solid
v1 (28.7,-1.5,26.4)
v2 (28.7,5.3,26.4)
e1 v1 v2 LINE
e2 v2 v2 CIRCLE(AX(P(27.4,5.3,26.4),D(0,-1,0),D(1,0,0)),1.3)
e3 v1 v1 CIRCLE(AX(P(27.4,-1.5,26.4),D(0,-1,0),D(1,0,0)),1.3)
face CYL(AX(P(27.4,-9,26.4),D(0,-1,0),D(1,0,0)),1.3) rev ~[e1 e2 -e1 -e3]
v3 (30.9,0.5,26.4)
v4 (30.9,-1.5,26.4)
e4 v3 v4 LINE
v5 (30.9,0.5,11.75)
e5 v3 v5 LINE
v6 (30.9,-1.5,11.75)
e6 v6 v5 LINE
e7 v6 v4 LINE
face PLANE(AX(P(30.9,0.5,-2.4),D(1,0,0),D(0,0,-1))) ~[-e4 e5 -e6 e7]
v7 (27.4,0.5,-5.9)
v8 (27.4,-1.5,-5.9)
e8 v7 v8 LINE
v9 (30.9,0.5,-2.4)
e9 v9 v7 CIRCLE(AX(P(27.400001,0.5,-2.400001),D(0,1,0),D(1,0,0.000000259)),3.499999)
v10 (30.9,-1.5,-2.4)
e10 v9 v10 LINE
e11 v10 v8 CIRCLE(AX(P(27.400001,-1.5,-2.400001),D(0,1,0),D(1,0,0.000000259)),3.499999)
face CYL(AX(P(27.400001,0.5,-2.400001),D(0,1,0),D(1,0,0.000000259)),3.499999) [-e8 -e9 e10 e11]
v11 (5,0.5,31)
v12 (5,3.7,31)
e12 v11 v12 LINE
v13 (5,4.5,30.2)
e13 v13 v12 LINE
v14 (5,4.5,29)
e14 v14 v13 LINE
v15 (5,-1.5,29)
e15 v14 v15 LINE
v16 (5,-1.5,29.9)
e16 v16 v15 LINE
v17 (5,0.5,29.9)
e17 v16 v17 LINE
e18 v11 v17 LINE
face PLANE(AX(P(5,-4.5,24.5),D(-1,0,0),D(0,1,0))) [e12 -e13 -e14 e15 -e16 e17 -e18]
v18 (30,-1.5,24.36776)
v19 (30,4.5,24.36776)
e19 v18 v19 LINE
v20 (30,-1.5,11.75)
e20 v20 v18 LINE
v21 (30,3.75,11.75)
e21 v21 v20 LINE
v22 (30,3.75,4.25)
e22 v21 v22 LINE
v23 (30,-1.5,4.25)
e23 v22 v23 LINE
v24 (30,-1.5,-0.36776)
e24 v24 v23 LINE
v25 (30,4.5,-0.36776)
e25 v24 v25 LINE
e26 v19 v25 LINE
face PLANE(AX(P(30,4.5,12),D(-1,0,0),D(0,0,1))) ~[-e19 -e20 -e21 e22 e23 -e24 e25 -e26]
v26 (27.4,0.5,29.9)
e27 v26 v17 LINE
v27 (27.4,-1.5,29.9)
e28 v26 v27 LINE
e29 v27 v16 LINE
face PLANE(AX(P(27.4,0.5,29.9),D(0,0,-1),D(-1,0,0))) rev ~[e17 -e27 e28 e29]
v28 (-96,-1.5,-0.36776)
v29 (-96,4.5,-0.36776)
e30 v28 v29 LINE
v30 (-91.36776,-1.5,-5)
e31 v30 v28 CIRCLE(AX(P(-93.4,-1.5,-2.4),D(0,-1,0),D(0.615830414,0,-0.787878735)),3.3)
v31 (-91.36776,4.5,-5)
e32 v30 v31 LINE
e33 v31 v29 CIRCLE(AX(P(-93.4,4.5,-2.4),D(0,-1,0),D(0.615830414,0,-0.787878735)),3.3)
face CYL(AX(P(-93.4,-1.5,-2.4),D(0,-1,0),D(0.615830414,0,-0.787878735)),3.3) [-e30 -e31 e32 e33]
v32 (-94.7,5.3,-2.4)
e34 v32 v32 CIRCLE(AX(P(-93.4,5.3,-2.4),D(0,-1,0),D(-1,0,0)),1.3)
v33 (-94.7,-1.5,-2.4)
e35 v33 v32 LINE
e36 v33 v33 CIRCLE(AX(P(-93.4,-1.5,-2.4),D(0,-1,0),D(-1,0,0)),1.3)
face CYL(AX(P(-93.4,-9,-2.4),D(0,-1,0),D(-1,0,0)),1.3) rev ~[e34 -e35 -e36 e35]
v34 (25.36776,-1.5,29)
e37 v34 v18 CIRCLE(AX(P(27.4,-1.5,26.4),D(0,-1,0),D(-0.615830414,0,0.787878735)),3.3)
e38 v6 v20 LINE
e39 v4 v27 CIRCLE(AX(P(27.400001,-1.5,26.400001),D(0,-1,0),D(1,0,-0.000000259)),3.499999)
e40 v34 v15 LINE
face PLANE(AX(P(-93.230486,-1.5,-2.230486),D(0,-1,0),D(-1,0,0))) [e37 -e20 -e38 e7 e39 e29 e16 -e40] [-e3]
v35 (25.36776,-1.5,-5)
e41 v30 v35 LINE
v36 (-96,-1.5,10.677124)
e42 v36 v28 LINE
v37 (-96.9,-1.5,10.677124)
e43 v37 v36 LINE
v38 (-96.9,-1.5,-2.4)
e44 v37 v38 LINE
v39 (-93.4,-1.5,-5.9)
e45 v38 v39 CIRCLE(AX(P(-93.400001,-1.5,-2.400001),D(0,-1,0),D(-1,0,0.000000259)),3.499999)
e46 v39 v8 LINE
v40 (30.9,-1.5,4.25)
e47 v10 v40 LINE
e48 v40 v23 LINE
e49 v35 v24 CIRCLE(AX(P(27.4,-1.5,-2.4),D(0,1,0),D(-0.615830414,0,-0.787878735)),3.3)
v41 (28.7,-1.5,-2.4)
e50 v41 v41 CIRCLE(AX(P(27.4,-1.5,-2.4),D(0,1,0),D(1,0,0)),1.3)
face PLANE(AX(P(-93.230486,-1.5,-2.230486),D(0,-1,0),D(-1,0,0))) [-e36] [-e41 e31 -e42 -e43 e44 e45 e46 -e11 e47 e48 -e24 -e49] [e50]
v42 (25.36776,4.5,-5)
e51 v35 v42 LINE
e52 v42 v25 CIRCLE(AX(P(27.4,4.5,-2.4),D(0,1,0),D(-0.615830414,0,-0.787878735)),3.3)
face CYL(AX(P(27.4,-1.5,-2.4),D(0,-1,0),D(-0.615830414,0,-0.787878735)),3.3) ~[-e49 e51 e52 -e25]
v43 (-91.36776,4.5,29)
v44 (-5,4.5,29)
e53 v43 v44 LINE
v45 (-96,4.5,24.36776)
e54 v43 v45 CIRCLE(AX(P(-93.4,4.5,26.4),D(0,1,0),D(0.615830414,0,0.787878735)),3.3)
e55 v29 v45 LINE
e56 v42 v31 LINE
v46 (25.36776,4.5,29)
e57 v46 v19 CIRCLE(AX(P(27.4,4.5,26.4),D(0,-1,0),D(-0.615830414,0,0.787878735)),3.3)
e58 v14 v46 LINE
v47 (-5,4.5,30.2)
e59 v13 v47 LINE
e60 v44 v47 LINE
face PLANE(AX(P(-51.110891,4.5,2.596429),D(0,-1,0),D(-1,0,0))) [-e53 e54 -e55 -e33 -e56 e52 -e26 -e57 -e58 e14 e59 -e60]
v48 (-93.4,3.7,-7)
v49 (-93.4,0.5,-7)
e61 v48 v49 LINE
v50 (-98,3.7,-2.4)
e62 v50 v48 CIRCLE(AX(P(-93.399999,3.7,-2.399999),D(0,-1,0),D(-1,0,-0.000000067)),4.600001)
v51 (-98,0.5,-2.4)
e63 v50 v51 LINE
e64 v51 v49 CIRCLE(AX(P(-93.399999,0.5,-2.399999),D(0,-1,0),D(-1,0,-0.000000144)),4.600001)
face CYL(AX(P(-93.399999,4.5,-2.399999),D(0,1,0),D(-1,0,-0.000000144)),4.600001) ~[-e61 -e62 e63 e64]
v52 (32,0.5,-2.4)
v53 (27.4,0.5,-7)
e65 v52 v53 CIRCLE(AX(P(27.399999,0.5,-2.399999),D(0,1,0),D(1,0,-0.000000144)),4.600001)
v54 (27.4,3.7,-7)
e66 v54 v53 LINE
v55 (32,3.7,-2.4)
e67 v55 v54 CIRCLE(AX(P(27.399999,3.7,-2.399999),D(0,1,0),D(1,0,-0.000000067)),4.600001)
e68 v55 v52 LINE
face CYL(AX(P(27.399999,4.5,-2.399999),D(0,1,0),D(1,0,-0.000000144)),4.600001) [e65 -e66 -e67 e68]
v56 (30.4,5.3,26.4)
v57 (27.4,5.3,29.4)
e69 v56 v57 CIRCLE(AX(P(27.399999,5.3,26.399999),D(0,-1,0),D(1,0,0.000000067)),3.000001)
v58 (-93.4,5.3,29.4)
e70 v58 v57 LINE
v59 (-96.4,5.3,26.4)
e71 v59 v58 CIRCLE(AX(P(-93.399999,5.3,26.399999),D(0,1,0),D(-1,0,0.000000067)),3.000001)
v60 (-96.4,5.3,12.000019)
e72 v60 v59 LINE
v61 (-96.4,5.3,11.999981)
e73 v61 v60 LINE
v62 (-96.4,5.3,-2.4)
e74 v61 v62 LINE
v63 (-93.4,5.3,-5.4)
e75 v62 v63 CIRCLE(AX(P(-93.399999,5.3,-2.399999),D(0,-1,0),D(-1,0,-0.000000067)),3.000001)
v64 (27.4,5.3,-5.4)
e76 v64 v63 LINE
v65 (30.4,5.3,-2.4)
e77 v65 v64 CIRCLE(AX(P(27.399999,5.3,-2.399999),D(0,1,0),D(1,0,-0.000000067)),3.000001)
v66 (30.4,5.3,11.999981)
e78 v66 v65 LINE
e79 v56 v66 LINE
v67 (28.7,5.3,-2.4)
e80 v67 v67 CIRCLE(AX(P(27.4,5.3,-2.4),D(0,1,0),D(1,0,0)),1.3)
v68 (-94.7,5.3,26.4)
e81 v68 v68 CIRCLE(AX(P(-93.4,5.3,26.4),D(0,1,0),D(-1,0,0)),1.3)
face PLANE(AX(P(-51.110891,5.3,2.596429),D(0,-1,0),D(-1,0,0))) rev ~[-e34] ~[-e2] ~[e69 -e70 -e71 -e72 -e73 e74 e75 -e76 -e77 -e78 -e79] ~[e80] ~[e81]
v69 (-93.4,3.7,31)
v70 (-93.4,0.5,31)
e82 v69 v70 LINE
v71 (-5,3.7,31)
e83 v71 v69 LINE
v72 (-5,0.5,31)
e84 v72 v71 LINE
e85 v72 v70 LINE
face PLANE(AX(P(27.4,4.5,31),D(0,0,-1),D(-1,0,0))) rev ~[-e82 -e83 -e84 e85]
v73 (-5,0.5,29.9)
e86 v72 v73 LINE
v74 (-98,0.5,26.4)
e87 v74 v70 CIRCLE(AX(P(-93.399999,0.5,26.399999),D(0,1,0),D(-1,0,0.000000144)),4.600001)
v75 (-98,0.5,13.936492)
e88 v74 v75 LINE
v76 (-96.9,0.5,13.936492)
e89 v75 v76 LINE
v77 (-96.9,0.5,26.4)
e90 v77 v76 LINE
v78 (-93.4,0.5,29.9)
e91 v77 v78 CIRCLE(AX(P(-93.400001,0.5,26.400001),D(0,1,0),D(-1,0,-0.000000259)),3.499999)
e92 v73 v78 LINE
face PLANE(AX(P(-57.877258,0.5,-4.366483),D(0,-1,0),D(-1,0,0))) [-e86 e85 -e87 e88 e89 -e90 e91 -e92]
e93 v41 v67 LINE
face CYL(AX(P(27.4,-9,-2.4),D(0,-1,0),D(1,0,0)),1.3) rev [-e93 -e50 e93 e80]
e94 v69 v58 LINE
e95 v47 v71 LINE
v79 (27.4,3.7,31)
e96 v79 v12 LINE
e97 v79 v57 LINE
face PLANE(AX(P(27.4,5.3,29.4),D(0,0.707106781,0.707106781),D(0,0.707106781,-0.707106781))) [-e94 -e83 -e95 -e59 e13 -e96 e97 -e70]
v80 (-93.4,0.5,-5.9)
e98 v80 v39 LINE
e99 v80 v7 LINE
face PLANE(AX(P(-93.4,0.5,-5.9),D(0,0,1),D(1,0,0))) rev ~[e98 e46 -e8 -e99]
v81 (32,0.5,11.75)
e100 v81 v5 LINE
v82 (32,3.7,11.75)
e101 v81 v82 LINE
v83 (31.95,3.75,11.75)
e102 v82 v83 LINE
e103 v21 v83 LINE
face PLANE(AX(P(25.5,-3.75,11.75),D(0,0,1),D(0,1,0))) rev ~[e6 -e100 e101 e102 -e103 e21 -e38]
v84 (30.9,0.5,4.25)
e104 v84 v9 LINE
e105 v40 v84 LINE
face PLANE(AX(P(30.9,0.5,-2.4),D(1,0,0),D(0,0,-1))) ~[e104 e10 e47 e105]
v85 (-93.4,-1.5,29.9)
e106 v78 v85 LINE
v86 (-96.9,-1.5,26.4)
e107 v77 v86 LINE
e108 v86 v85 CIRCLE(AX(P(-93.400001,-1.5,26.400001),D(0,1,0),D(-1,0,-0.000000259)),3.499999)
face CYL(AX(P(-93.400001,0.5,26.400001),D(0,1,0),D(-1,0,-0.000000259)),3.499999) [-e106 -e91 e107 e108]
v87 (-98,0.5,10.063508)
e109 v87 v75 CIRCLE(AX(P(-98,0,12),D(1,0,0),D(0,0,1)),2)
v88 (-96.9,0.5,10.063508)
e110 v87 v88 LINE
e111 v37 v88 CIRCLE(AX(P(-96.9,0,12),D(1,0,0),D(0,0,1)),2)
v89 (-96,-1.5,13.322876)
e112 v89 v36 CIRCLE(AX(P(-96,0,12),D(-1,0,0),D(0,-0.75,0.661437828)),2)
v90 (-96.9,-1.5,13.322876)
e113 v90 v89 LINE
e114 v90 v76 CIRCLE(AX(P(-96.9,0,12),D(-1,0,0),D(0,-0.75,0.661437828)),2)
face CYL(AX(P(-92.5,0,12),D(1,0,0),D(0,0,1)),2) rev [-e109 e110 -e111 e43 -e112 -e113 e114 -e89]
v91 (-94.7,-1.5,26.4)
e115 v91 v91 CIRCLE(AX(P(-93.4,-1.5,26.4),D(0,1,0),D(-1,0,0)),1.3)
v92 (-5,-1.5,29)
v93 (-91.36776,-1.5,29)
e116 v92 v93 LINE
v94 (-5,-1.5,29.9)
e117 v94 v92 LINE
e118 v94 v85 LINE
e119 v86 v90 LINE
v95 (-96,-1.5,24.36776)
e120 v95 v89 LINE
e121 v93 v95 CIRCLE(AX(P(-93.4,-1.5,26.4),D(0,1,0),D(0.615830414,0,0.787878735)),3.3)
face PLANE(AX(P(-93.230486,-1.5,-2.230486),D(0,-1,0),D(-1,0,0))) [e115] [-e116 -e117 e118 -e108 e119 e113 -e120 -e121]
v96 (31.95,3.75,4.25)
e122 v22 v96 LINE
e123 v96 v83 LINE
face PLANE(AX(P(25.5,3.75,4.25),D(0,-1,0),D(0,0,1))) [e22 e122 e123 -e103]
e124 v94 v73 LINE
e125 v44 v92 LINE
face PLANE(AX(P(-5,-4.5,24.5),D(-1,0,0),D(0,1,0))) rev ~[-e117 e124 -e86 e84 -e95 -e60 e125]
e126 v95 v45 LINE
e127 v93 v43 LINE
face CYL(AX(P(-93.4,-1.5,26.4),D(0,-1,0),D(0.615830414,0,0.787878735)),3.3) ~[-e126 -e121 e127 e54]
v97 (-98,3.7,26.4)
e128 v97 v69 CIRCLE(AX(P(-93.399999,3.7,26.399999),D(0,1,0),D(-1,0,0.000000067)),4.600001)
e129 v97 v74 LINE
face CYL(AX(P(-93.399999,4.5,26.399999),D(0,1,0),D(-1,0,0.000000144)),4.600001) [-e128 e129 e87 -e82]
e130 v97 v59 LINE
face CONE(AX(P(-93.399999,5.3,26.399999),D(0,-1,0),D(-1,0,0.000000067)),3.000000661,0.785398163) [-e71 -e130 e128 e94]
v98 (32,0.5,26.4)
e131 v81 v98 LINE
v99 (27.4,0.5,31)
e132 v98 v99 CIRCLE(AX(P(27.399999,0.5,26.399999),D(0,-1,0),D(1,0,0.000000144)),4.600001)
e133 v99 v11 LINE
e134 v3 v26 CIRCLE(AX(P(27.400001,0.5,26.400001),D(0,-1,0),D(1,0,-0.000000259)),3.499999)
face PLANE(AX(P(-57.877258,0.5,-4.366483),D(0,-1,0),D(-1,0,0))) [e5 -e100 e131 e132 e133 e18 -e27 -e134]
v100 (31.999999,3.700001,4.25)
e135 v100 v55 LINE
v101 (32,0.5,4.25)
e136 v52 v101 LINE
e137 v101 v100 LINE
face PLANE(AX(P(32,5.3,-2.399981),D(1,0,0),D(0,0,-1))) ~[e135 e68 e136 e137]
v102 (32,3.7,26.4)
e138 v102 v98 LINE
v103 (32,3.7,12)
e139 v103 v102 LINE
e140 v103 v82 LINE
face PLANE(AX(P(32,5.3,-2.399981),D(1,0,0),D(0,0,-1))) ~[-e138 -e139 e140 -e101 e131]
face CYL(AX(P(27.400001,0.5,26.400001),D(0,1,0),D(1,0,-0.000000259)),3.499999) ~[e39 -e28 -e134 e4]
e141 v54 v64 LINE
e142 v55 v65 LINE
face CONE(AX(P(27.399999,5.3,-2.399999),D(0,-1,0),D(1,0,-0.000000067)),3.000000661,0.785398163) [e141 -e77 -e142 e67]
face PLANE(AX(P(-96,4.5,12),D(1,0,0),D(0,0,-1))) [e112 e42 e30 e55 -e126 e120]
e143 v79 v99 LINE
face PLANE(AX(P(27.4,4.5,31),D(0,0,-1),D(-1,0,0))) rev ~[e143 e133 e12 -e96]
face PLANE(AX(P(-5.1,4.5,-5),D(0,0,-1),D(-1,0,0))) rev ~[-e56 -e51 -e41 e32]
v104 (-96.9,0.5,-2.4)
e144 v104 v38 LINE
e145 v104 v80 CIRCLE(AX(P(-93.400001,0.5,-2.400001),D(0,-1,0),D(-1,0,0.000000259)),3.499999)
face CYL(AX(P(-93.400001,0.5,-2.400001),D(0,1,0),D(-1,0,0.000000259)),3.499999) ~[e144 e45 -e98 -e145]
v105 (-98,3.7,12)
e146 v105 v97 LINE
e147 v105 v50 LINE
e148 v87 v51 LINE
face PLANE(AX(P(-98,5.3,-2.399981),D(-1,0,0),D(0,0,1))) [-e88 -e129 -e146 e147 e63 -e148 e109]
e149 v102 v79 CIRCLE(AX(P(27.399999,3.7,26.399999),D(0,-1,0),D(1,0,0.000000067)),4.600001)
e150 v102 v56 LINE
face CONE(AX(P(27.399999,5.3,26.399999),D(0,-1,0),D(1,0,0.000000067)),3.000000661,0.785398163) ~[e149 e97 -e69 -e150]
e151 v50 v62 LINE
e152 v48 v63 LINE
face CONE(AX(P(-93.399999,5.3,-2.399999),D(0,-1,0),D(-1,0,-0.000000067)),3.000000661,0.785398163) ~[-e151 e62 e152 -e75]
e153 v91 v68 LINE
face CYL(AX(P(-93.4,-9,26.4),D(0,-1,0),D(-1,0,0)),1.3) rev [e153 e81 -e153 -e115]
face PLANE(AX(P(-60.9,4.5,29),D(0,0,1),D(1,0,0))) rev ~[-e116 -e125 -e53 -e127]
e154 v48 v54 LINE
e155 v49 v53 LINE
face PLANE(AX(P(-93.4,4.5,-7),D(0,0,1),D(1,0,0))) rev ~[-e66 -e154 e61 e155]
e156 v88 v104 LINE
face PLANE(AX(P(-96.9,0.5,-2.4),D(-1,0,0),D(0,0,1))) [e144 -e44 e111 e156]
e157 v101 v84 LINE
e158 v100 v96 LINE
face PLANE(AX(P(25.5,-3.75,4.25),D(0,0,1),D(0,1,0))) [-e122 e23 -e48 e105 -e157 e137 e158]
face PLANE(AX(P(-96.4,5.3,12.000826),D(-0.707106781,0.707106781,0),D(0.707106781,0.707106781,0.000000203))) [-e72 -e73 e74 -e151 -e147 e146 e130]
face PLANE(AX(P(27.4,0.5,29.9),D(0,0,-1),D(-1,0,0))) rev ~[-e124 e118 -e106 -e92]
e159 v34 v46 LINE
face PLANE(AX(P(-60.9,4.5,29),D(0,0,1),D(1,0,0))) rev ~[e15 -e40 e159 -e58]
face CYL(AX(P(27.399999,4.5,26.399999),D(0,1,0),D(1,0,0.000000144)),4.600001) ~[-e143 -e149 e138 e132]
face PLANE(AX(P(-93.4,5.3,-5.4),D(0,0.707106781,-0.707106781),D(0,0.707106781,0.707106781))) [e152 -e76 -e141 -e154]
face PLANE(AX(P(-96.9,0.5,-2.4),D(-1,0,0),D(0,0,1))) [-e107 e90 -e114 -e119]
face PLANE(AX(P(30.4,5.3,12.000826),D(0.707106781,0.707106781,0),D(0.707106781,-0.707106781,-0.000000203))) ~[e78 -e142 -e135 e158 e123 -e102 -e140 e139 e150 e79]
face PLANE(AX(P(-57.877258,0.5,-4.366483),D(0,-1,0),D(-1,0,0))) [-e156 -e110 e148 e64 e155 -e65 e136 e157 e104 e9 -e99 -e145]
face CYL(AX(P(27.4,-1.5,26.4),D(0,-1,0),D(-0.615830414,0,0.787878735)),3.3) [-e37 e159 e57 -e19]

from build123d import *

# Parameters (mm, degrees)
SKETCH037_W       = 7.5
SKETCH037_H       = 7.5
EXTRUDE045_DEPTH  = 10
SKETCH036_W       = 10
SKETCH036_H       = 9
EXTRUDE044_DEPTH  = 10
CYLINDER001_R     = 2
CYLINDER001_DEPTH = 10
SKETCH005_R       = 1.3
EXTRUDE003_DEPTH  = 20
EXTRUDE039_DEPTH  = 4
EXTRUDE042_DEPTH  = 0.8
EXTRUDE002_DEPTH  = 6
EXTRUDE037_DEPTH  = 2


with BuildPart() as extrude045:
    # Sketch037 → Extrude045 (new body)
    with BuildSketch(Plane.YZ.offset(35)):
        with Locations((0, 8)):
            Rectangle(SKETCH037_W, SKETCH037_H)
    extrude(amount=EXTRUDE045_DEPTH)


with BuildPart() as extrude045_1:
    # Extrude045 placement: moved
    add(extrude045.part.moved(Location((-9.5, 0, 0))))


with BuildPart() as extrude044:
    # Sketch036 → Extrude044 (new body)
    with BuildSketch(Plane.XY.offset(40)):
        Rectangle(SKETCH036_W, SKETCH036_H)
    extrude(amount=EXTRUDE044_DEPTH)


with BuildPart() as extrude044_1:
    # Extrude044 placement: moved
    add(extrude044.part.moved(Location((0, 0, -15.5))))


with BuildPart() as common_sub:
    # Cylinder001 → Cylinder001 (new body)
    with BuildSketch(Plane(origin=(-92.5, 0, 12), x_dir=(0, 0, 1), z_dir=(-1, 0, 0))):
        Circle(CYLINDER001_R)
    extrude(amount=CYLINDER001_DEPTH)

    # Fusion033: union Extrude045, Extrude044
    add(extrude045_1.part)
    add(extrude044_1.part)


with BuildPart() as sweep001:
    # Sweep001: sweep along a path in Sketch034
    with BuildLine(Plane.XZ.offset(10)) as sweep001_path:
        Line((32, 11.999174), (32, 26.4))
        ThreePointArc((32, 26.4), (30.652691, 29.652691), (27.4, 31))
        Line((27.4, 31), (-60.9, 31))
    # Sketch035 → Sweep001 (sweep)
    with BuildSketch(Plane.YZ):
        Polygon((5.3, 29.4), (3.7, 31), (3.7, 32), (6, 32), (6, 29.4), align=None)
    sweep(path=sweep001_path.line)


with BuildPart() as fusion030:
    # Sketch005 → Extrude003 (new body)
    with BuildSketch(Plane.XZ.offset(5)):
        with Locations((27.4, 26.4)):
            Circle(SKETCH005_R)
    extrude(amount=-EXTRUDE003_DEPTH)


with BuildPart() as fusion030_1:
    # Extrude003 placement: moved
    add(fusion030.part.moved(Location((0, -4, 0))))

    # Fusion030: union Sweep001
    add(sweep001.part)


with BuildPart() as top003:
    # Sketch028 → Extrude039 (new body)
    with BuildSketch(Plane.XZ.offset(10)):
        with BuildLine():
            ThreePointArc((32, 26.4), (30.652691, 29.652691), (27.4, 31))
            Line((27.4, 31), (-60.9, 31))
            Line((-60.9, 31), (-60.9, 29))
            Line((-60.9, 29), (27.4, 29))
            ThreePointArc((30, 26.4), (29.238478, 28.238478), (27.4, 29))
            Line((30, 12), (30, 26.4))
            Line((32, 12), (30, 12))
            Line((32, 26.4), (32, 12))
        make_face()
    extrude(amount=EXTRUDE039_DEPTH)


with BuildPart() as top003_1:
    # Extrude039 placement: moved
    add(top003.part.moved(Location((0, 14.5, 0))))


with BuildPart() as top002:
    # Sketch031 → Extrude042 (new body)
    with BuildSketch(Plane.XZ.offset(10)):
        with BuildLine():
            ThreePointArc((32, 26.399981), (30.652691, 29.652672), (27.4, 30.999981))
            Line((27.4, 30.999981), (-60.9, 30.999981))
            Line((-60.9, 30.999981), (-60.9, 11.999981))
            Line((-60.9, 11.999981), (32, 11.999981))
            Line((32, 26.399981), (32, 11.999981))
        make_face()
    extrude(amount=EXTRUDE042_DEPTH)


with BuildPart() as top002_1:
    # Extrude042 placement: moved
    add(top002.part.moved(Location((0, 15.3, 0))))


with BuildPart() as screw_hole_top:
    # Sketch004 → Extrude002 (new body)
    with BuildSketch(Plane.XZ.offset(10)):
        with BuildLine():
            ThreePointArc((25.36776, 29), (25.066548, 24.066548), (30, 24.36776))
            Line((30, 24.36776), (30, 26.4))
            ThreePointArc((30, 26.4), (29.238478, 28.238478), (27.4, 29))
            Line((25.36776, 29), (27.4, 29))
        make_face()
    extrude(amount=-EXTRUDE002_DEPTH)


with BuildPart() as screw_hole_top_1:
    # Extrude002 placement: moved
    add(screw_hole_top.part.moved(Location((0, 8.5, 0))))


with BuildPart() as top:
    # Sketch029 → Extrude037 (new body)
    with BuildSketch(Plane.XZ.offset(10)):
        with BuildLine():
            ThreePointArc((30.9, 26.4), (29.874874, 28.874874), (27.4, 29.9))
            Line((27.4, 29.9), (-33, 29.9))
            Line((-33, 29.9), (-33, 29))
            Line((-33, 29), (27.4, 29))
            ThreePointArc((30, 26.4), (29.238478, 28.238478), (27.4, 29))
            Line((30, 12), (30, 26.4))
            Line((30.9, 12), (30, 12))
            Line((30.9, 26.4), (30.9, 12))
        make_face()
    extrude(amount=EXTRUDE037_DEPTH)


with BuildPart() as top_1:
    # Extrude037 placement: moved
    add(top.part.moved(Location((0, 10.5, 0))))

    # Fusion028: union top003, top002, screw hole top
    add(top003_1.part)
    add(top002_1.part)
    add(screw_hole_top_1.part)

    # Cut024: cut Fusion030
    add(fusion030_1.part, mode=Mode.SUBTRACT)


with BuildPart() as part_mirroring:
    # Part__Mirroring: instance of top
    add(top_1.part.mirror(Plane(origin=(0, 0, 12), x_dir=(0, 1, 0), z_dir=(0, 0, 1))))


with BuildPart() as part_mirroring002:
    # Part__Mirroring002: instance of Part__Mirroring
    add(part_mirroring.part.mirror(Plane(origin=(-33, 1, 0), x_dir=(0, -1, 0), z_dir=(1, 0, 0))))


with BuildPart() as top007:
    # Part__Mirroring003: instance of top
    add(top_1.part.mirror(Plane(origin=(-33, 0, 0), x_dir=(0, -1, 0), z_dir=(1, 0, 0))))

    # Fusion032: union top, Part__Mirroring, Part__Mirroring002
    add(top_1.part)
    add(part_mirroring.part)
    add(part_mirroring002.part)

    # Cut025: cut common sub
    add(common_sub.part, mode=Mode.SUBTRACT)


solid = top007.part
